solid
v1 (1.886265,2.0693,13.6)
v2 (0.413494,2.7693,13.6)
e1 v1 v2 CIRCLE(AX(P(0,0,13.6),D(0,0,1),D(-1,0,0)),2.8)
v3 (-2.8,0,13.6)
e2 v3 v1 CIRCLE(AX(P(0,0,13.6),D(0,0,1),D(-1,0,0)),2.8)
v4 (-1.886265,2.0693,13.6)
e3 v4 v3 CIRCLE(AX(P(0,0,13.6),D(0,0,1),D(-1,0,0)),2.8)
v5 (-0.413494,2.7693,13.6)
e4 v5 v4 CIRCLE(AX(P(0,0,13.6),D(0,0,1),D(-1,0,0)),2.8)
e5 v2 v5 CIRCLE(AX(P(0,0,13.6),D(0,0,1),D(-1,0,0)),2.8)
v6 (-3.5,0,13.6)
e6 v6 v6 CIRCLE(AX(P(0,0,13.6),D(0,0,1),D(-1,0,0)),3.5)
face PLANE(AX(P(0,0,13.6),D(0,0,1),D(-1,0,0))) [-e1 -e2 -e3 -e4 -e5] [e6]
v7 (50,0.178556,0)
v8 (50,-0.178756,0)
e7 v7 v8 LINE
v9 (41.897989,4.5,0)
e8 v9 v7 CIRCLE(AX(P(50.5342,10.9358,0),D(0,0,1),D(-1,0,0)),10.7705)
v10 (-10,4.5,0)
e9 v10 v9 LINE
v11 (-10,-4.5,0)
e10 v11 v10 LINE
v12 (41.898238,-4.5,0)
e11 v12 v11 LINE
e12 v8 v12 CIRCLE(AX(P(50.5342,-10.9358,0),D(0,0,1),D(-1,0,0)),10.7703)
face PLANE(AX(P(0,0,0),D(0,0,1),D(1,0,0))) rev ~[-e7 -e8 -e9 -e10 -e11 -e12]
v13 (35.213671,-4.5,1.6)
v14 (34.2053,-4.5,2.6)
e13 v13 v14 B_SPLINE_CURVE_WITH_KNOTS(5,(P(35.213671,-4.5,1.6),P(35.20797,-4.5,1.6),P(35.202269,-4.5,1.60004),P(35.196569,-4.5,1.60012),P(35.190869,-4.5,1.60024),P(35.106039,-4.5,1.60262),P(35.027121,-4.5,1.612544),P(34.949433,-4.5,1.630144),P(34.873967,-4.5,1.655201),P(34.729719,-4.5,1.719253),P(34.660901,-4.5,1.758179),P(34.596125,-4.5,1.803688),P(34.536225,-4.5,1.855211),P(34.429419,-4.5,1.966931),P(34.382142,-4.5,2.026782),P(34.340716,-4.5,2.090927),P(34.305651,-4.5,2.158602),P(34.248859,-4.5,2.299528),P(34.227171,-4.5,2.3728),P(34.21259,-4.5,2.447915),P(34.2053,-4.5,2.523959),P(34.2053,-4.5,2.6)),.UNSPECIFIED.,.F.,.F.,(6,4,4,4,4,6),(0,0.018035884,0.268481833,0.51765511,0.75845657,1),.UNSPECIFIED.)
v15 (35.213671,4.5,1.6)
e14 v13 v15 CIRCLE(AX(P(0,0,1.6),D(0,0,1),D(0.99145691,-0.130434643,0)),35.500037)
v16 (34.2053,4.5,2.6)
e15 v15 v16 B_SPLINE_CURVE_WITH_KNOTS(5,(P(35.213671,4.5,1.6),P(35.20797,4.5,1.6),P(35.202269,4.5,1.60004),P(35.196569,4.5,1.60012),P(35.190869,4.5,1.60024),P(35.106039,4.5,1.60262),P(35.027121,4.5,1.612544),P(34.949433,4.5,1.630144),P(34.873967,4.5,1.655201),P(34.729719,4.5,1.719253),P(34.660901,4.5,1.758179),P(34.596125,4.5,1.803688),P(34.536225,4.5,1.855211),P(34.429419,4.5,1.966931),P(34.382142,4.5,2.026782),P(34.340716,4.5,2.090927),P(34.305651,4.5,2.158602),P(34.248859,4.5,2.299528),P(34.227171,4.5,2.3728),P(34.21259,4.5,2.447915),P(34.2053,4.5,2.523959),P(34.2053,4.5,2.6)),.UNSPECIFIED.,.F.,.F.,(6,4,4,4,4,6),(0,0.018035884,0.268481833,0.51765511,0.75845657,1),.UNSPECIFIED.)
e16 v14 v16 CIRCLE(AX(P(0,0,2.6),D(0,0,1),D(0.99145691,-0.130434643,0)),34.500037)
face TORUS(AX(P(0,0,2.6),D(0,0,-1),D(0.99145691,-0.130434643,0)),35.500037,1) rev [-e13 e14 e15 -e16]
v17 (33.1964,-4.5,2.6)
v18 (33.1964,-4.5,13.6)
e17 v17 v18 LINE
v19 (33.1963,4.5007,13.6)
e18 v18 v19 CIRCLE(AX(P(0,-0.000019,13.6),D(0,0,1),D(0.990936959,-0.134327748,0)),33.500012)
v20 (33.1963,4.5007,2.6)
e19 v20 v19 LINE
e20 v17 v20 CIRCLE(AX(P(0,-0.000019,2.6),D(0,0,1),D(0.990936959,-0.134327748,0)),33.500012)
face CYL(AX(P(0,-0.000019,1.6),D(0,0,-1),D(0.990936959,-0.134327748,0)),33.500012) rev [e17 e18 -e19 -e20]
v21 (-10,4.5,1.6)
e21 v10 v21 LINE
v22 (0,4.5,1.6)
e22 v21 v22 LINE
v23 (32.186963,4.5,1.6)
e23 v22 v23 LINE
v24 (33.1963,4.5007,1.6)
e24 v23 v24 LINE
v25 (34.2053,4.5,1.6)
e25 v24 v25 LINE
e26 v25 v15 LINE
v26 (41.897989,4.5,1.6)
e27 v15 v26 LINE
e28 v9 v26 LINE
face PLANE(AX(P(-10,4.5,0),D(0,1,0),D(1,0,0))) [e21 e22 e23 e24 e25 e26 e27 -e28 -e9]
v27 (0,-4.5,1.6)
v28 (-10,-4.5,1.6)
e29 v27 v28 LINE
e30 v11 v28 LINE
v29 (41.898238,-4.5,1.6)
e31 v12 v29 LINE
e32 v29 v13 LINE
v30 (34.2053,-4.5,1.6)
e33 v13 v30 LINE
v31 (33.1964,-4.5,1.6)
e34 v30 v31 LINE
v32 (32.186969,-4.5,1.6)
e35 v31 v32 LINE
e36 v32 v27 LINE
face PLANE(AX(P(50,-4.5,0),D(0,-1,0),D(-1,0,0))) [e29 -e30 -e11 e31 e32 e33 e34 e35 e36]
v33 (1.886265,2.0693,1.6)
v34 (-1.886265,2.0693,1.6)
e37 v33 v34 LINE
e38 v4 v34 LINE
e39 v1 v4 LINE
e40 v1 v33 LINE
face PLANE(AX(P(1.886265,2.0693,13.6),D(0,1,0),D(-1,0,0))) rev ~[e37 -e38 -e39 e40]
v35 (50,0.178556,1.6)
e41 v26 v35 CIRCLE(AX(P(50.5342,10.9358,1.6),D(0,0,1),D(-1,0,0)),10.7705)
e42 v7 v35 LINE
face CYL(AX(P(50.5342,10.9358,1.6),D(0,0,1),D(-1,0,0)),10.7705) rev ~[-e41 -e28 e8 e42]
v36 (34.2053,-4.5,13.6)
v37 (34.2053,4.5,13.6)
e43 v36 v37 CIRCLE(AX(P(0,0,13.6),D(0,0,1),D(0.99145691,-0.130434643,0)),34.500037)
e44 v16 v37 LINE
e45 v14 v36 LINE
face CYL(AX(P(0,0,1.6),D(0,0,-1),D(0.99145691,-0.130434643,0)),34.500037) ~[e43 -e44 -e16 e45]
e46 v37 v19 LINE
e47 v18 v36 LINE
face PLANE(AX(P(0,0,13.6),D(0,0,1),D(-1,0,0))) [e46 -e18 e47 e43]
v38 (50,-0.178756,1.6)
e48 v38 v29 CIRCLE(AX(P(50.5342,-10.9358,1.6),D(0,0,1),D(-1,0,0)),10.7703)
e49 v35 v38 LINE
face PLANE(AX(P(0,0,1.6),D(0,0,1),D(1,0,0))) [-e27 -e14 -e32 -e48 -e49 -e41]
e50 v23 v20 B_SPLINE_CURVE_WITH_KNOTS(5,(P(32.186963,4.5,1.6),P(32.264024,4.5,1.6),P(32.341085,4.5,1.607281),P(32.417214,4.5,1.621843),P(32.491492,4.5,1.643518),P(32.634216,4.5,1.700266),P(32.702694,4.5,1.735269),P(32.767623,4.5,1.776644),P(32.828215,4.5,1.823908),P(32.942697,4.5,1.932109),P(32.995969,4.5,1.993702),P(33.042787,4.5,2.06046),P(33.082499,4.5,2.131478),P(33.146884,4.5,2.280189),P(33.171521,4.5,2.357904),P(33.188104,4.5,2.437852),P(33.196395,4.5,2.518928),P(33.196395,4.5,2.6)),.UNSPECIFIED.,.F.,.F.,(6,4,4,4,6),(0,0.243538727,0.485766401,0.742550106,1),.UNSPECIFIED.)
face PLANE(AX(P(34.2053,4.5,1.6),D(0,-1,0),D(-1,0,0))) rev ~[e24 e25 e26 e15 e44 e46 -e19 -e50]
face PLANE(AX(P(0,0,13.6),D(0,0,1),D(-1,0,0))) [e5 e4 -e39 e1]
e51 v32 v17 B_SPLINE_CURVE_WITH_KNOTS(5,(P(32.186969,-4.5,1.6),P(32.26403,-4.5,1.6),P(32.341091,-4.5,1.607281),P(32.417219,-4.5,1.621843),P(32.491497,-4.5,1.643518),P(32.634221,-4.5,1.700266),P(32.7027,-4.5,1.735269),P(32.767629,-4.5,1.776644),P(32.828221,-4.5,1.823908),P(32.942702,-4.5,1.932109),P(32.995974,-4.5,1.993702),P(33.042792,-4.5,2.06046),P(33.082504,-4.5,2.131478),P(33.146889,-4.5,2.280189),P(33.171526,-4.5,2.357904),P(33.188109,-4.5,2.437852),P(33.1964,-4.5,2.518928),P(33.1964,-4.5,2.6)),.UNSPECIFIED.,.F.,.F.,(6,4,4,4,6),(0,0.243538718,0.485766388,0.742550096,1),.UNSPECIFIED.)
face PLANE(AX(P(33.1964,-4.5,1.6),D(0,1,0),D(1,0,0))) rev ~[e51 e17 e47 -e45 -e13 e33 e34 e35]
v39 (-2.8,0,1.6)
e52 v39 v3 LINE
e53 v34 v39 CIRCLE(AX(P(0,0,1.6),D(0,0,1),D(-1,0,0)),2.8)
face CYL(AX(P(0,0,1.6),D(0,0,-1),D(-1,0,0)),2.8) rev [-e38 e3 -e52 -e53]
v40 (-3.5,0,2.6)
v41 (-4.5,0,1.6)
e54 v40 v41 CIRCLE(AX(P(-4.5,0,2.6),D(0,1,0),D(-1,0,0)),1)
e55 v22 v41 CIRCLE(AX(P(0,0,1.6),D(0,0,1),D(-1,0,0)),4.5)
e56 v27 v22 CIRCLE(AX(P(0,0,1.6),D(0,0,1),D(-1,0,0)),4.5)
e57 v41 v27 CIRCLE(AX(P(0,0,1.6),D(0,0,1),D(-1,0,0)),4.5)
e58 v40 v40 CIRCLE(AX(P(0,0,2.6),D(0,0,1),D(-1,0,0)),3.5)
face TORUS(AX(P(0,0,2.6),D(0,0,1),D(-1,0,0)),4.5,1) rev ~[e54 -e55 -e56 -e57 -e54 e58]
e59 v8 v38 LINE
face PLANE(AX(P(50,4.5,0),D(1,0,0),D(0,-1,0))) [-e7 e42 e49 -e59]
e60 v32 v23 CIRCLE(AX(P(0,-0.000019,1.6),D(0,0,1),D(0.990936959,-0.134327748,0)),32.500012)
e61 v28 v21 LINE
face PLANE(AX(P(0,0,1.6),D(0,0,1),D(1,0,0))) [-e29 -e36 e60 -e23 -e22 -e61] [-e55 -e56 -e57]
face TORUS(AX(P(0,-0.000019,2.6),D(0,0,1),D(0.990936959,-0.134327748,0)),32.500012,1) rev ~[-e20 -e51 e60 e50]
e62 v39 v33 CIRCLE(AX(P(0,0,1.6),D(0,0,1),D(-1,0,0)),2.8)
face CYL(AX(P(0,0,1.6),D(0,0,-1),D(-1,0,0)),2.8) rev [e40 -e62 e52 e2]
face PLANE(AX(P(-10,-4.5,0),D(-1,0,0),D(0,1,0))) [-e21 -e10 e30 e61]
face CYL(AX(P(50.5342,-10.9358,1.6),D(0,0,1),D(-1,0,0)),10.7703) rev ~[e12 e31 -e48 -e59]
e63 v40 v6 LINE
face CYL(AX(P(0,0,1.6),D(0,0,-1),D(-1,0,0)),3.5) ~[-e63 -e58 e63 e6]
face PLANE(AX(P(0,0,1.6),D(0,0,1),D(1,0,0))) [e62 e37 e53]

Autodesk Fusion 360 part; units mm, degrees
sketch "Esquisse1" plane through (0, 0, 0) normal (0, 0, 1) x (1, 0, 0)
  line L0 (-10, 4.5) -> (50, 4.5)
  line L1 (50, 4.5) -> (50, -4.5)
  line L2 (50, -4.5) -> (-10, -4.5)
  line L3 (-10, -4.5) -> (-10, 4.5)
  dimension "d1" = 60
  dimension "d2" = 9
  dimension "d3" = 10
  dimension "d4" = 4.5
extrude "Extrusion1" add sketch "Esquisse1" along normal blind 1.6
sketch "Esquisse2" plane through (0, 0, 1.6) normal (0, 0, 1) x (-1, 0, 0)
  line L0 (10, 4.5) -> (-50, 4.5)
  line L1 (-50, 4.5) -> (-50, -4.5)
  line L2 (-50, -4.5) -> (10, -4.5)
  line L3 (10, -4.5) -> (10, 4.5)
  circle A0 centre (0, 0) radius 3.5
  arc A1 (-33.1964, 4.5) -> (-33.1963, -4.5007) centre (0, 0) ccw
  arc A2 (-34.2053, 4.5) -> (-34.2053, -4.5) centre (0, 0) ccw
  line L4 (-33.1963, -4.5007) -> (-34.2053, -4.5)
  line L5 (-33.1963, -4.5007) -> (-34.2053, -4.5)
  line L6 (-33.1964, 4.5) -> (-34.2053, 4.5)
  circle A3 centre (0, 0) radius 2.8
  dimension "d7" = 7
  dimension "d8" = 33.5
  dimension "d9" = 34.5
  dimension "d10" = 5.6
extrude "Extrusion2" add sketch "Esquisse2" along normal blind 12 contours L0 L2 A1 A2 L4 L5 L6
extrude "Extrusion3" add sketch "Esquisse2" along normal blind 12 contours A0
sketch "Esquisse3" plane through (0, 0, 13.6) normal (0, 0, 1) x (-1, 0, 0)
  circle A0 centre (0, 0) radius 2.8
  circle A1 centre (0, 0) radius 3.5
  line L0 (2.0235, -2.7693) -> (-1.9765, -2.7693)
  line L1 (-1.9765, -2.7693) -> (-1.9765, -2.0693)
  line L2 (-1.9765, -2.0693) -> (2.0235, -2.0693)
  line L3 (2.0235, -2.0693) -> (2.0235, -2.7693)
  dimension "d15" = 4
  dimension "d16" = 0.7
extrude "Extrusion4" add sketch "Esquisse3" against normal blind 12.2 contours A0 L0 L2 | A0 L0
sketch "Esquisse4" plane through (0, 0, 1.6) normal (0, 0, 1) x (-1, 0, 0)
  circle A0 centre (-50.5342, 10.9358) radius 10.7703
  circle A1 centre (-50.5342, -10.9358) radius 10.7705
  dimension "d19" = 21.5407
  dimension "d20" = 21.541
  dimension "d21" = 10.9358
  dimension "d22" = 10.9358
  dimension "d23" = 50.5342
  dimension "d24" = 50.5342
extrude "Extrusion5" cut sketch "Esquisse4" against normal blind 2
fillet "Congé1" radius 1 1 edges at (3.2631, -1.2657, 1.6)
fillet "Congé2" radius 1 2 edges at (33.5, 0, 1.6) (34.5, 0, 1.6)
